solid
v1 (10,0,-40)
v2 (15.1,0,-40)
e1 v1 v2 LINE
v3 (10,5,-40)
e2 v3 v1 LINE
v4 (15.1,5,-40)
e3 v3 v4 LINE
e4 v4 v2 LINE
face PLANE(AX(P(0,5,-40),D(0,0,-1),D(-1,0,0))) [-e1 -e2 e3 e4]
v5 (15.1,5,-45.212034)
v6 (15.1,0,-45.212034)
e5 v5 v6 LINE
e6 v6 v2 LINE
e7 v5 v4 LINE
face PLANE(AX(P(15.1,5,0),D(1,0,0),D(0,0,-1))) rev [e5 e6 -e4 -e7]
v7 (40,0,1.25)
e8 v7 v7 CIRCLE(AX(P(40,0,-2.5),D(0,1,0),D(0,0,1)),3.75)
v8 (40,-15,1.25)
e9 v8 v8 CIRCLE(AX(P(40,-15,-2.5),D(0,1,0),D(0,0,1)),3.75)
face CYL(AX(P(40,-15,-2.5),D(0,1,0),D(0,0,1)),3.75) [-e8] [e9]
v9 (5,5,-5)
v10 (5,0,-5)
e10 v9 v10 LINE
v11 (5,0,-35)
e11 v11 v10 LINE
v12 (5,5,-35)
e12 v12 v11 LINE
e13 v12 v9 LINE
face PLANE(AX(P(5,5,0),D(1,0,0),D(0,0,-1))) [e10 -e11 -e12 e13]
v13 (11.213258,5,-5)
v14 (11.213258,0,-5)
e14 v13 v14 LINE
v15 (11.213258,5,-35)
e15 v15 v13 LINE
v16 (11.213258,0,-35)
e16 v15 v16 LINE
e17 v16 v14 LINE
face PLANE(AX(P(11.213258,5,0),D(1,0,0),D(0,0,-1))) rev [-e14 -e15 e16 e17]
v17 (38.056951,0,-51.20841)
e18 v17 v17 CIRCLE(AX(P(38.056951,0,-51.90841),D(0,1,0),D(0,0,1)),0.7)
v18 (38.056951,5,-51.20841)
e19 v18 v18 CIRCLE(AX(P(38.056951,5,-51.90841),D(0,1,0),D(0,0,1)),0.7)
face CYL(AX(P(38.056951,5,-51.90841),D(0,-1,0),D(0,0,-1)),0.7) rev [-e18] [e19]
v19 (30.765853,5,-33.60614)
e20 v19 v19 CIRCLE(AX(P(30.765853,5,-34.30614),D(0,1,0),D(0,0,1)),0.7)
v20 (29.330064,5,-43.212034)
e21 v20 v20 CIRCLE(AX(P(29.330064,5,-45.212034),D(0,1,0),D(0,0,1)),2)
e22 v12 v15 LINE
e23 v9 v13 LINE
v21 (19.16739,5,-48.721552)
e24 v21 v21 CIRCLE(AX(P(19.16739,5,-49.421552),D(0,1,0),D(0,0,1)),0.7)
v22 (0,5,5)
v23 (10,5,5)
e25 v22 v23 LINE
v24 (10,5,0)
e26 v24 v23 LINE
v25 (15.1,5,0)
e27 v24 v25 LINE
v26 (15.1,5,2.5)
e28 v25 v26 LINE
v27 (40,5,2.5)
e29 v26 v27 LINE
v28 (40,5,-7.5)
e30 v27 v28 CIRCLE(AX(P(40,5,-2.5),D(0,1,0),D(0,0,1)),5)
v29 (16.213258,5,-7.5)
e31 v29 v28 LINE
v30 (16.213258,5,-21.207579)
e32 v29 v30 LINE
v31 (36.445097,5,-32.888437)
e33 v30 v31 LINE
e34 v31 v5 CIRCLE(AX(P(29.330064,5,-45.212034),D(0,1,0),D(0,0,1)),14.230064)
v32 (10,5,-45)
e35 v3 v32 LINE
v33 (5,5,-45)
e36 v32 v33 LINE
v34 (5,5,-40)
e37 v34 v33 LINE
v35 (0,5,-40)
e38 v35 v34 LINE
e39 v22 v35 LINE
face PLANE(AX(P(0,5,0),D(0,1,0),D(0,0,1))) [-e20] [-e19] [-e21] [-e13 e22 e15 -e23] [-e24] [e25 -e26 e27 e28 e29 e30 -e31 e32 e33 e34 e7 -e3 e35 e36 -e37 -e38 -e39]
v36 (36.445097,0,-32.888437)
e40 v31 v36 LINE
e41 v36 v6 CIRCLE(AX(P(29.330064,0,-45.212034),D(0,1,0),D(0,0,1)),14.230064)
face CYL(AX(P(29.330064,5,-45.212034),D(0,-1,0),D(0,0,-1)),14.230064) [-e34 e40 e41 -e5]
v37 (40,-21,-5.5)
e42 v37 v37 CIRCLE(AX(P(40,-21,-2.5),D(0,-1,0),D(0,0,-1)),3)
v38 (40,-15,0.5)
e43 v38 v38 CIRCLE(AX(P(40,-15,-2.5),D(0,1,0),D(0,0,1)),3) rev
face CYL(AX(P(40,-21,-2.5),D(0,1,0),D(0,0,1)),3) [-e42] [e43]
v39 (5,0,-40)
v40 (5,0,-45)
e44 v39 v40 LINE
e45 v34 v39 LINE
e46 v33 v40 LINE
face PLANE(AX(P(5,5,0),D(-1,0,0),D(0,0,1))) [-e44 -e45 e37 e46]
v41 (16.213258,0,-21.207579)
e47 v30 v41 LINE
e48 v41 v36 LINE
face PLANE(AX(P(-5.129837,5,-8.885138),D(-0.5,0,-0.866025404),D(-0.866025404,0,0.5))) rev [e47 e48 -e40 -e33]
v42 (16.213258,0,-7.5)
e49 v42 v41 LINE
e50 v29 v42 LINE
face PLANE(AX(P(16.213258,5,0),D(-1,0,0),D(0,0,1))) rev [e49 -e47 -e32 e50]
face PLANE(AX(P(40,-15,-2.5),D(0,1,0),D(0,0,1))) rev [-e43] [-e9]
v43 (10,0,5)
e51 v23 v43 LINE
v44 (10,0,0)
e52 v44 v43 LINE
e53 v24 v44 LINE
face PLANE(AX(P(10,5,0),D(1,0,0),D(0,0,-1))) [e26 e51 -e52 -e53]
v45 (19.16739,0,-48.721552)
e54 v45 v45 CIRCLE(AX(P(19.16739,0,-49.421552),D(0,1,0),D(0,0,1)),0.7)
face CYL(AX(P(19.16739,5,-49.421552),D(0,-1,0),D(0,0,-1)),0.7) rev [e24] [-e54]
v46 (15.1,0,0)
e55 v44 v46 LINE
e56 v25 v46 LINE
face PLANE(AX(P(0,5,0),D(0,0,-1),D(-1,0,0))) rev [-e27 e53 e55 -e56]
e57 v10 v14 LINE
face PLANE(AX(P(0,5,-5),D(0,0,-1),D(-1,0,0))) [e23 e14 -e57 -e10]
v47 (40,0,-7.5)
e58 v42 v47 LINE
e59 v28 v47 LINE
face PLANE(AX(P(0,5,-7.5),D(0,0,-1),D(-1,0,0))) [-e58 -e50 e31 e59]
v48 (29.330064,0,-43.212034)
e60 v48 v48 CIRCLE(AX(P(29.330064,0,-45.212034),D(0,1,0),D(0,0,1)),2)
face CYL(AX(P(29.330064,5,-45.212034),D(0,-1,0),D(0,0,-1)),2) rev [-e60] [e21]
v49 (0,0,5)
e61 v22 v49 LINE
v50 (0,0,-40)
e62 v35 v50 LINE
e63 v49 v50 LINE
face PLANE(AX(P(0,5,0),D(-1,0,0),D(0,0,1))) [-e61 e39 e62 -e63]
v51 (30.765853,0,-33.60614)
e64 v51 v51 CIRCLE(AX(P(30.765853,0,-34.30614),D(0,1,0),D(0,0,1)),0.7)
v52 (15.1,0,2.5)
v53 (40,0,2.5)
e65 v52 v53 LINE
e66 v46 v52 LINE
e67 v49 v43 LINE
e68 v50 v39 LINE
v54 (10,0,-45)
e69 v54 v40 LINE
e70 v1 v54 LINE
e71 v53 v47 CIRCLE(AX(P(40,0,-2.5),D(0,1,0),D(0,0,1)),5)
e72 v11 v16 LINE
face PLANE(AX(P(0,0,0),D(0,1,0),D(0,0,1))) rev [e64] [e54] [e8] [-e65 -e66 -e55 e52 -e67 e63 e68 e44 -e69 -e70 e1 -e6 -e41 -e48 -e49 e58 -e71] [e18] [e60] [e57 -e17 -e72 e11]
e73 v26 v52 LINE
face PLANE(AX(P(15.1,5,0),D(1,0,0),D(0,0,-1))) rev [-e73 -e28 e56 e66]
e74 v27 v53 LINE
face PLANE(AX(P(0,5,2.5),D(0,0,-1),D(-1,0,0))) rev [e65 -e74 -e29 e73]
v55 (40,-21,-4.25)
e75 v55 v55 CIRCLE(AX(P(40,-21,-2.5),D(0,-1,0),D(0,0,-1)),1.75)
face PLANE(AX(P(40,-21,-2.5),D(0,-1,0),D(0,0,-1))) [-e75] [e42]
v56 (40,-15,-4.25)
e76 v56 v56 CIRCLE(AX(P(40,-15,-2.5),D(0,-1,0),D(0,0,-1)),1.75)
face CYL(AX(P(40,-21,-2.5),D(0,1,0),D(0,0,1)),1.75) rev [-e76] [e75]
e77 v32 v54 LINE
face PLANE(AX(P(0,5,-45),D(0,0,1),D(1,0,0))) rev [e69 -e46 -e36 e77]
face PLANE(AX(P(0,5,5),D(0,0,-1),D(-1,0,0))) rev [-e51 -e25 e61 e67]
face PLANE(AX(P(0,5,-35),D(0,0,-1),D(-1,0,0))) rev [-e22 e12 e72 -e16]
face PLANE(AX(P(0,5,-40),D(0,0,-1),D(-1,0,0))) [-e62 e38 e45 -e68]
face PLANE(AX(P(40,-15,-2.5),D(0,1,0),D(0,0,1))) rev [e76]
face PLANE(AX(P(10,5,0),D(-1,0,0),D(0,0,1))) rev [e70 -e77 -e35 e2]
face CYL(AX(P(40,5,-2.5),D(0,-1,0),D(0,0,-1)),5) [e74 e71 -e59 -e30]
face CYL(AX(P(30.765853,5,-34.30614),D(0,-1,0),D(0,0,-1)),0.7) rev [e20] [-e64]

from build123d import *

# Parameters (mm, degrees)
SKETCH2_W           = 6.21325809
SKETCH2_H           = 30
SKETCH2_R           = 0.7
SKETCH2_R_2         = 2
BOSS_EXTRUDE1_DEPTH = 5
SKETCH3_R           = 3.75
BOSS_EXTRUDE2_DEPTH = 20
SKETCH4_R           = 3
SKETCH4_R_2         = 1.75
BOSS_EXTRUDE3_DEPTH = 6


with BuildPart() as part:
    # Sketch2 → Boss-Extrude1 (new body)
    with BuildSketch(Plane(origin=(0, 0, 0), x_dir=(1, 0, 0), z_dir=(0, 1, 0))):
        with BuildLine():
            Line((16.21325809, 7.5), (16.21325809, 21.207579156))
            Line((16.21325809, 21.207579156), (36.445096698, 32.888436623))
            ThreePointArc((36.445096698, 32.888436623), (36.445096698, 57.535631272), (15.1, 45.212033947))
            Line((15.1, 45.212033947), (15.1, 40))
            Line((15.1, 40), (10, 40))
            Line((10, 40), (10, 45))
            Line((10, 45), (5, 45))
            Line((5, 45), (5, 40))
            Line((5, 40), (0, 40))
            Line((0, 40), (0, -5))
            Line((0, -5), (10, -5))
            Line((10, -5), (10, 0))
            Line((10, 0), (15.1, 0))
            Line((15.1, 0), (15.1, -2.5))
            Line((15.1, -2.5), (40, -2.5))
            ThreePointArc((40, -2.5), (45, 2.5), (40, 7.5))
            Line((40, 7.5), (16.21325809, 7.5))
        make_face()
        with Locations((8.106629045, 20)):
            Rectangle(SKETCH2_W, SKETCH2_H, mode=Mode.SUBTRACT)
        with Locations(Location((19.167389608, 49.421551703, 0), (0, 0, 270))):
            Circle(SKETCH2_R, mode=Mode.SUBTRACT)
        with Locations(Location((30.76585258, 34.306140472, 0), (0, 0, 270))):
            Circle(SKETCH2_R, mode=Mode.SUBTRACT)
        with Locations(Location((29.330064466, 45.212033947, 0), (0, 0, 270))):
            Circle(SKETCH2_R_2, mode=Mode.SUBTRACT)
        with Locations(Location((38.056951209, 51.908409667, 0), (0, 0, 270))):
            Circle(SKETCH2_R, mode=Mode.SUBTRACT)
    extrude(amount=BOSS_EXTRUDE1_DEPTH)

    # Sketch3 → Boss-Extrude2 (add)
    with BuildSketch(Plane(origin=(0, 5, 0), x_dir=(1, 0, 0), z_dir=(0, 1, 0))):
        with Locations(Location((40, 2.5, 0), (0, 0, 270))):
            Circle(SKETCH3_R)
    extrude(amount=-BOSS_EXTRUDE2_DEPTH)

    # Sketch4 → Boss-Extrude3 (add)
    with BuildSketch(Plane(origin=(0, -15, 0), x_dir=(-1, 0, 0), z_dir=(0, -1, 0))):
        with Locations(Location((-40, 2.5, 0), (0, 0, 270))):
            Circle(SKETCH4_R)
        with Locations(Location((-40, 2.5, 0), (0, 0, 90))):
            Circle(SKETCH4_R_2, mode=Mode.SUBTRACT)
    extrude(amount=BOSS_EXTRUDE3_DEPTH)


solid = part.part
